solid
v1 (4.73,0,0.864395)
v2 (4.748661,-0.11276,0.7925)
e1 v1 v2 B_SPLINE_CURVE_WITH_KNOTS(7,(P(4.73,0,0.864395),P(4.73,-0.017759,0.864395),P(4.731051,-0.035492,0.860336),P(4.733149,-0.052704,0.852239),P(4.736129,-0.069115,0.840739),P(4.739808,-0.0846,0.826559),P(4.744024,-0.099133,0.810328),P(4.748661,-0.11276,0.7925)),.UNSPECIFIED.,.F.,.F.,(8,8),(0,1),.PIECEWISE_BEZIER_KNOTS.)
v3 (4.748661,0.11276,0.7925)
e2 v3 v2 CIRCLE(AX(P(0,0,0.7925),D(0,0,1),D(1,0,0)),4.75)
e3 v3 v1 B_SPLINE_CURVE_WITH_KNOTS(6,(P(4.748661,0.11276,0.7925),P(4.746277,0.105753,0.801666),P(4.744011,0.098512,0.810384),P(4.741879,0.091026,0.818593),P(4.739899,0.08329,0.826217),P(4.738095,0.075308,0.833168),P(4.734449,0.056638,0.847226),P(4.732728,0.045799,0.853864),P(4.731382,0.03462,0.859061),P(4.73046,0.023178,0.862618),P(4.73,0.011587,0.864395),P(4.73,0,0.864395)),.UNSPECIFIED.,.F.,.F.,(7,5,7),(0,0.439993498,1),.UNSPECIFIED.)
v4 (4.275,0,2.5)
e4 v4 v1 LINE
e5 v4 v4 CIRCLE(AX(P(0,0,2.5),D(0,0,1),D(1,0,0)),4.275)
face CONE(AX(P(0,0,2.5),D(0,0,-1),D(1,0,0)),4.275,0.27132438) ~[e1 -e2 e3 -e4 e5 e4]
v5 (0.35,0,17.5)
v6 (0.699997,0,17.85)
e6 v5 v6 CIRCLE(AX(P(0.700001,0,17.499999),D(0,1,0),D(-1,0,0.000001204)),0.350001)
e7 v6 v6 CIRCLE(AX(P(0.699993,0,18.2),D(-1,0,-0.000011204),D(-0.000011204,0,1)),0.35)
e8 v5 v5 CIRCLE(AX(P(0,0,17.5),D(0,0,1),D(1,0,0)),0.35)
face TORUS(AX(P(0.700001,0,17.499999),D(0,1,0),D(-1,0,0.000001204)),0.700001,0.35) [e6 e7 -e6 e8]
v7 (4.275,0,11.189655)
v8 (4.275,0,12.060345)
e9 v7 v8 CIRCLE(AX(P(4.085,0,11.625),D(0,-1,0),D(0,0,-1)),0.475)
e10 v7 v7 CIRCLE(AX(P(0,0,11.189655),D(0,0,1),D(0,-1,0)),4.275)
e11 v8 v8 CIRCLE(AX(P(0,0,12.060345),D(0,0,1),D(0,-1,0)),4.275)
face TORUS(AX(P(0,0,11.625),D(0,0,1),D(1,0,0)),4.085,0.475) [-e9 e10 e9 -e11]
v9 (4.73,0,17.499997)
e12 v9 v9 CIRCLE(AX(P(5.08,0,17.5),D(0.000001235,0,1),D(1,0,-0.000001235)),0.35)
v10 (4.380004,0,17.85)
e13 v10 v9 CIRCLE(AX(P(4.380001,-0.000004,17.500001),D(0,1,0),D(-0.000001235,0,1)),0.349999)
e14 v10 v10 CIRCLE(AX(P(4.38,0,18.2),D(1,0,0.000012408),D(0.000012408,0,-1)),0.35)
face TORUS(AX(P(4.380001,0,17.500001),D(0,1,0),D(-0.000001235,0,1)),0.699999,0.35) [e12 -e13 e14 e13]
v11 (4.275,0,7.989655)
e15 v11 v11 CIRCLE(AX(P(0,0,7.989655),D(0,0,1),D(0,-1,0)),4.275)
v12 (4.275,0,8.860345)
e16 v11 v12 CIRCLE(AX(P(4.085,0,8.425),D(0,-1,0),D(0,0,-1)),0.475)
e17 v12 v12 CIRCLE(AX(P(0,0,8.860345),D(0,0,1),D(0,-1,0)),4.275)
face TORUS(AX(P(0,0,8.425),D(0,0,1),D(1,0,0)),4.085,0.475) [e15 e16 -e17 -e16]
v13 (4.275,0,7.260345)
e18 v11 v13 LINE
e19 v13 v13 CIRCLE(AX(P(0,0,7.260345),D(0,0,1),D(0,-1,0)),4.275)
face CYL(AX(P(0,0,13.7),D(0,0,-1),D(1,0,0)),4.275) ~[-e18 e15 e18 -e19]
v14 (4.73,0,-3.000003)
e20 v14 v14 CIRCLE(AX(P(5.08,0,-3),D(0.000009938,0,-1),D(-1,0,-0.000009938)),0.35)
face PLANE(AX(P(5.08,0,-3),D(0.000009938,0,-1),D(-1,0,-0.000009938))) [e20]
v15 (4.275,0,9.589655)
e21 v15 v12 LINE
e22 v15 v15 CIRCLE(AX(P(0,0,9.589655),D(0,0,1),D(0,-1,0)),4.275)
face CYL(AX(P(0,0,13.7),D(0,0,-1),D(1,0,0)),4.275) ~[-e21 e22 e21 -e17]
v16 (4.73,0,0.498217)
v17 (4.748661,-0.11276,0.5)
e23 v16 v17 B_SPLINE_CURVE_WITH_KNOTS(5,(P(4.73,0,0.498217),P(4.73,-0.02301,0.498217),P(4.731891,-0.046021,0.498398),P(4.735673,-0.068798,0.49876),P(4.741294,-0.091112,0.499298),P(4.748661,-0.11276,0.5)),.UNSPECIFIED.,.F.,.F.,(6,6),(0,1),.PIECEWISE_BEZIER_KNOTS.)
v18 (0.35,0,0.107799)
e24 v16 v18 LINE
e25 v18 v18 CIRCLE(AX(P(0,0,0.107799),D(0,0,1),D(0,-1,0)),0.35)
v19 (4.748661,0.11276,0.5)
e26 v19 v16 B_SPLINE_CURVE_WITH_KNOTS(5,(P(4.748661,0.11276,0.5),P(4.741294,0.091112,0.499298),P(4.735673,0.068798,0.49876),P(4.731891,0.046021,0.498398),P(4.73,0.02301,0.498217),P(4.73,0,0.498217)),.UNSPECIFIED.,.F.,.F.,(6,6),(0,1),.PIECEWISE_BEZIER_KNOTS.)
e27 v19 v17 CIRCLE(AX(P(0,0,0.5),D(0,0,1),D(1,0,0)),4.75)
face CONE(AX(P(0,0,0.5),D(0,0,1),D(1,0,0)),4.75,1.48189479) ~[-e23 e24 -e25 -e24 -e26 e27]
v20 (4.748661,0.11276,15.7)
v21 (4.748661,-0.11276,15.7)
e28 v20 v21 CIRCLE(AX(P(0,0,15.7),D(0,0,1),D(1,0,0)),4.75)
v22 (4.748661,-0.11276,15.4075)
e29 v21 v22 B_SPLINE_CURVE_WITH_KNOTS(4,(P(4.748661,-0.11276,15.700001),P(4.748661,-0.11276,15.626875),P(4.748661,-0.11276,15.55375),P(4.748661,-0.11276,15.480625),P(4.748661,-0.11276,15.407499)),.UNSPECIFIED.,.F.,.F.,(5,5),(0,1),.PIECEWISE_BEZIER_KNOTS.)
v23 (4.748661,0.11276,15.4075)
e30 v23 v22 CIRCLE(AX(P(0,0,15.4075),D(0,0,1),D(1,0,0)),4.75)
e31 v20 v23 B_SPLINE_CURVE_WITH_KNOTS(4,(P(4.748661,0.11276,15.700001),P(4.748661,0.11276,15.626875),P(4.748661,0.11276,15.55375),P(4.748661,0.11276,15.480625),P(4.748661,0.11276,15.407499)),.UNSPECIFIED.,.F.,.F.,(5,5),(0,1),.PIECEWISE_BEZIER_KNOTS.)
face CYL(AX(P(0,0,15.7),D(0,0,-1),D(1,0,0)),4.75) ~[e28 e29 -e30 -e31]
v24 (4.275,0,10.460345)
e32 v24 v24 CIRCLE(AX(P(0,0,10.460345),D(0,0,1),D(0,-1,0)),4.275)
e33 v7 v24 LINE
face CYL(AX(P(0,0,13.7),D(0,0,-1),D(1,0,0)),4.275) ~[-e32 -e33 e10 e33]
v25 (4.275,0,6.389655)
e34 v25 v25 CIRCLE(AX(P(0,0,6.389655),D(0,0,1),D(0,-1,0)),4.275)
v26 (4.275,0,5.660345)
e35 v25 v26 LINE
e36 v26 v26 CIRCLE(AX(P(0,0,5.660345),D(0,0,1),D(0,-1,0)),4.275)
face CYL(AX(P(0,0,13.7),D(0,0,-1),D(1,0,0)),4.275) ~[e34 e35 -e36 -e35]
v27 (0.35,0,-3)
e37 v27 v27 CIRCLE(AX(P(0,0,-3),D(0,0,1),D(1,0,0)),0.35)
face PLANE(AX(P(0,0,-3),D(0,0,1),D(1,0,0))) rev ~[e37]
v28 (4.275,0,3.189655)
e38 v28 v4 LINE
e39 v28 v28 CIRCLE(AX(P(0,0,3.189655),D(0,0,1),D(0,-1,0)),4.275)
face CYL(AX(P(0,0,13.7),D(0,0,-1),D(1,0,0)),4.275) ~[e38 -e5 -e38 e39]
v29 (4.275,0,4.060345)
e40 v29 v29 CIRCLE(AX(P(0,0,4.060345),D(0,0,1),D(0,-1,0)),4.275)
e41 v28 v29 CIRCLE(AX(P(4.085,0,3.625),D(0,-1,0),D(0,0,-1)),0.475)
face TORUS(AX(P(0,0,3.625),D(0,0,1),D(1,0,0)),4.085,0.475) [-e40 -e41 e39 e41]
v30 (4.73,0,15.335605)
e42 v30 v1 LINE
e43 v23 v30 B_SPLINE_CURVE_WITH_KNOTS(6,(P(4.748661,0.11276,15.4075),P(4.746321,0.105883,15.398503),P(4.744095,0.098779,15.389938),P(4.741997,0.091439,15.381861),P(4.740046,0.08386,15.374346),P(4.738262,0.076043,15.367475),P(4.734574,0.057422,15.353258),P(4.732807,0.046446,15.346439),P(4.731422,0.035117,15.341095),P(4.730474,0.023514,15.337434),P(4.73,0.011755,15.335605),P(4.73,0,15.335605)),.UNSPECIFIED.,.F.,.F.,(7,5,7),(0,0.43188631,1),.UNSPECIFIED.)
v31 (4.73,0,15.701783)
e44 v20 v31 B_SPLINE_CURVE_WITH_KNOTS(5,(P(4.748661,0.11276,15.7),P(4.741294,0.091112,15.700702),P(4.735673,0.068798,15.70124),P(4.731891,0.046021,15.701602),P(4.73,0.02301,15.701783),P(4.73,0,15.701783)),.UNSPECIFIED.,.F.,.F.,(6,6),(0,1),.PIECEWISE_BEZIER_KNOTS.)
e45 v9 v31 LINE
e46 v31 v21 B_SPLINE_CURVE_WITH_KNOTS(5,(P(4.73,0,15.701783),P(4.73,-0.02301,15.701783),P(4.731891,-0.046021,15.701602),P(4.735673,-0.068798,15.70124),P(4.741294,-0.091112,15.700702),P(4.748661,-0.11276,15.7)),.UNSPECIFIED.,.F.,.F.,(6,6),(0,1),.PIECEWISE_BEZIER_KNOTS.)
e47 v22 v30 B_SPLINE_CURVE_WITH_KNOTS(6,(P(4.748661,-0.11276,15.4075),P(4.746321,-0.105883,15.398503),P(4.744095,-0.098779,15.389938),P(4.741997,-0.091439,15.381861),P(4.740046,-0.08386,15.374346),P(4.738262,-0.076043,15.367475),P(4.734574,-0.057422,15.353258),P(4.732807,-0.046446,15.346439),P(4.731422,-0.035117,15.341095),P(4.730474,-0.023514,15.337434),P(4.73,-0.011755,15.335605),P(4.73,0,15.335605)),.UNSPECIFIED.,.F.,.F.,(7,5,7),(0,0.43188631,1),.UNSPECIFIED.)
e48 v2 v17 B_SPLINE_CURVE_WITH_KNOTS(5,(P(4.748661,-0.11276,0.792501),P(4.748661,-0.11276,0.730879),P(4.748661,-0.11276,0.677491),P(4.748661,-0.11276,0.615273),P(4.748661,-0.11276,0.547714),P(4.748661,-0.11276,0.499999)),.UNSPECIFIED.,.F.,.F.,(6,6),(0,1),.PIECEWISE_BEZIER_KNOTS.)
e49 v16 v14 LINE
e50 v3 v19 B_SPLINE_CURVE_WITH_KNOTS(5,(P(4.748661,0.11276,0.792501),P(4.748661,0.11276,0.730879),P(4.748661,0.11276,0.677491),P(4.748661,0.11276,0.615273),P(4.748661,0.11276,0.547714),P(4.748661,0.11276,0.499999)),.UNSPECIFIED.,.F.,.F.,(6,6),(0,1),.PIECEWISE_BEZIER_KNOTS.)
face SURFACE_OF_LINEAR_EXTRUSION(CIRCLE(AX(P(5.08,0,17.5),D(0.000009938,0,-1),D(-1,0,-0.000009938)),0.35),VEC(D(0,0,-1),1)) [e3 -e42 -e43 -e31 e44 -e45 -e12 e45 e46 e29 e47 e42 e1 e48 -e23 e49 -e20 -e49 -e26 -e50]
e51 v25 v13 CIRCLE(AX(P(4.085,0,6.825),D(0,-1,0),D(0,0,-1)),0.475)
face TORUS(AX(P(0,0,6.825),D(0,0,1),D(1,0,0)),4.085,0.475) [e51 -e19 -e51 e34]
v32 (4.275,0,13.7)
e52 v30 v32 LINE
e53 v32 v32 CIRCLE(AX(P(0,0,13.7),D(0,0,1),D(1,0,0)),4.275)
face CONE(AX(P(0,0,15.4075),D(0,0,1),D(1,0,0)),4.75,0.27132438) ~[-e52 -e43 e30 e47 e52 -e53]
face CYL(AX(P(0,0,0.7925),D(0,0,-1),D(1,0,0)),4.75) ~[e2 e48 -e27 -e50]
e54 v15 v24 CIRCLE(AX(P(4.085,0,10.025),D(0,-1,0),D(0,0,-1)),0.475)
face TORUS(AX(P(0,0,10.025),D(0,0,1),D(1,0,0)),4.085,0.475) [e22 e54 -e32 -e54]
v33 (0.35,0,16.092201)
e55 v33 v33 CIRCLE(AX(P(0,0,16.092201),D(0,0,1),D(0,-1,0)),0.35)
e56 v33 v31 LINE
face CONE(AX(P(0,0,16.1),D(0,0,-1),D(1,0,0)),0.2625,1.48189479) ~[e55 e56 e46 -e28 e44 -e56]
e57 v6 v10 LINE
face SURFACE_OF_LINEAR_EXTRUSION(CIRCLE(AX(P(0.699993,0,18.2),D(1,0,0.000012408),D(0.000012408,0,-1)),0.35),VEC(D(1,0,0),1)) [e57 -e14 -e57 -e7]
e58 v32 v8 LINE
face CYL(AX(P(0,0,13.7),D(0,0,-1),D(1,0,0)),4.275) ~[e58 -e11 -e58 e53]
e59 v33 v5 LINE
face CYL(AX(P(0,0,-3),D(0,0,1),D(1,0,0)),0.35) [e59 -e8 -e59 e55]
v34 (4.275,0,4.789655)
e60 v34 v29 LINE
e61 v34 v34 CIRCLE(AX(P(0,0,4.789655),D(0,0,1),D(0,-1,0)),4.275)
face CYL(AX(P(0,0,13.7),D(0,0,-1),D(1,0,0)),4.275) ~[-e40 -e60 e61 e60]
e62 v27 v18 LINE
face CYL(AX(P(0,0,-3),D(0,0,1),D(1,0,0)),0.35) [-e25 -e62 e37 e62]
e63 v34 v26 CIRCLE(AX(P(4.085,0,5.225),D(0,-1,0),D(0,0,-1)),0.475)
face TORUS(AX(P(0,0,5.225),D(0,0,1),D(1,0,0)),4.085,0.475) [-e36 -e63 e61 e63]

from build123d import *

# Parameters (mm, degrees)
SKETCH_R = 0.35


with BuildPart() as revolution:
    # Sketch002 → Revolution (revolve)
    with BuildSketch(Plane.XZ):
        Polygon((0, 0.1), (0, 16.1), (0.2625, 16.1), (4.75, 15.7), (4.75, 15.4075), (4.275, 13.7), (4.275, 2.5), (4.75, 0.7925), (4.75, 0.5), (0.2625, 0.1), align=None)
    revolve(axis=Axis((0, 0, 0), (0, 0, 1)))


with BuildPart() as sweep_body:
    # Sweep: sweep along a path in Sketch001
    with BuildLine(Plane.XZ) as sweep_path:
        Line((0, -3), (0, 17.5))
        ThreePointArc((0, 17.5), (0.205023, 17.994972), (0.699993, 18.2))
        Line((0.699993, 18.2), (4.38, 18.2))
        ThreePointArc((4.38, 18.2), (4.874975, 17.994975), (5.08, 17.5))
        Line((5.08, 17.5), (5.08, -3))
    # Sketch → Sweep (sweep)
    with BuildSketch(Plane.XY.offset(-2)):
        Circle(SKETCH_R)
    sweep(path=sweep_path.line)


with BuildPart() as revolution001_mp_cp:
    # Sketch003 → Revolution001 (revolve)
    with BuildSketch(Plane.XZ):
        with BuildLine():
            Line((3.8, 12.75), (3.8, 2.5))
            Line((3.8, 2.5), (4.085, 2.5))
            Line((4.085, 2.5), (4.085, 3.15))
            ThreePointArc((4.085, 3.15), (4.56, 3.625), (4.085, 4.1))
            Line((4.085, 4.1), (4.085, 4.75))
            ThreePointArc((4.085, 4.75), (4.56, 5.225), (4.085, 5.7))
            Line((4.085, 5.7), (4.085, 6.35))
            ThreePointArc((4.085, 6.35), (4.56, 6.825), (4.085, 7.3))
            Line((4.085, 7.3), (4.085, 7.95))
            ThreePointArc((4.085, 7.95), (4.56, 8.425), (4.085, 8.9))
            Line((4.085, 8.9), (4.085, 9.55))
            ThreePointArc((4.085, 9.55), (4.56, 10.025), (4.085, 10.5))
            Line((4.085, 10.5), (4.085, 11.15))
            ThreePointArc((4.085, 11.15), (4.56, 11.625), (4.085, 12.1))
            Line((4.085, 12.75), (4.085, 12.1))
            Line((3.8, 12.75), (4.085, 12.75))
        make_face()
    revolve(axis=Axis((0, 0, 0), (0, 0, 1)))

    # Revolution001_mp_cp: union Revolution, Sweep body
    add(revolution.part)
    add(sweep_body.part)


solid = revolution001_mp_cp.part
